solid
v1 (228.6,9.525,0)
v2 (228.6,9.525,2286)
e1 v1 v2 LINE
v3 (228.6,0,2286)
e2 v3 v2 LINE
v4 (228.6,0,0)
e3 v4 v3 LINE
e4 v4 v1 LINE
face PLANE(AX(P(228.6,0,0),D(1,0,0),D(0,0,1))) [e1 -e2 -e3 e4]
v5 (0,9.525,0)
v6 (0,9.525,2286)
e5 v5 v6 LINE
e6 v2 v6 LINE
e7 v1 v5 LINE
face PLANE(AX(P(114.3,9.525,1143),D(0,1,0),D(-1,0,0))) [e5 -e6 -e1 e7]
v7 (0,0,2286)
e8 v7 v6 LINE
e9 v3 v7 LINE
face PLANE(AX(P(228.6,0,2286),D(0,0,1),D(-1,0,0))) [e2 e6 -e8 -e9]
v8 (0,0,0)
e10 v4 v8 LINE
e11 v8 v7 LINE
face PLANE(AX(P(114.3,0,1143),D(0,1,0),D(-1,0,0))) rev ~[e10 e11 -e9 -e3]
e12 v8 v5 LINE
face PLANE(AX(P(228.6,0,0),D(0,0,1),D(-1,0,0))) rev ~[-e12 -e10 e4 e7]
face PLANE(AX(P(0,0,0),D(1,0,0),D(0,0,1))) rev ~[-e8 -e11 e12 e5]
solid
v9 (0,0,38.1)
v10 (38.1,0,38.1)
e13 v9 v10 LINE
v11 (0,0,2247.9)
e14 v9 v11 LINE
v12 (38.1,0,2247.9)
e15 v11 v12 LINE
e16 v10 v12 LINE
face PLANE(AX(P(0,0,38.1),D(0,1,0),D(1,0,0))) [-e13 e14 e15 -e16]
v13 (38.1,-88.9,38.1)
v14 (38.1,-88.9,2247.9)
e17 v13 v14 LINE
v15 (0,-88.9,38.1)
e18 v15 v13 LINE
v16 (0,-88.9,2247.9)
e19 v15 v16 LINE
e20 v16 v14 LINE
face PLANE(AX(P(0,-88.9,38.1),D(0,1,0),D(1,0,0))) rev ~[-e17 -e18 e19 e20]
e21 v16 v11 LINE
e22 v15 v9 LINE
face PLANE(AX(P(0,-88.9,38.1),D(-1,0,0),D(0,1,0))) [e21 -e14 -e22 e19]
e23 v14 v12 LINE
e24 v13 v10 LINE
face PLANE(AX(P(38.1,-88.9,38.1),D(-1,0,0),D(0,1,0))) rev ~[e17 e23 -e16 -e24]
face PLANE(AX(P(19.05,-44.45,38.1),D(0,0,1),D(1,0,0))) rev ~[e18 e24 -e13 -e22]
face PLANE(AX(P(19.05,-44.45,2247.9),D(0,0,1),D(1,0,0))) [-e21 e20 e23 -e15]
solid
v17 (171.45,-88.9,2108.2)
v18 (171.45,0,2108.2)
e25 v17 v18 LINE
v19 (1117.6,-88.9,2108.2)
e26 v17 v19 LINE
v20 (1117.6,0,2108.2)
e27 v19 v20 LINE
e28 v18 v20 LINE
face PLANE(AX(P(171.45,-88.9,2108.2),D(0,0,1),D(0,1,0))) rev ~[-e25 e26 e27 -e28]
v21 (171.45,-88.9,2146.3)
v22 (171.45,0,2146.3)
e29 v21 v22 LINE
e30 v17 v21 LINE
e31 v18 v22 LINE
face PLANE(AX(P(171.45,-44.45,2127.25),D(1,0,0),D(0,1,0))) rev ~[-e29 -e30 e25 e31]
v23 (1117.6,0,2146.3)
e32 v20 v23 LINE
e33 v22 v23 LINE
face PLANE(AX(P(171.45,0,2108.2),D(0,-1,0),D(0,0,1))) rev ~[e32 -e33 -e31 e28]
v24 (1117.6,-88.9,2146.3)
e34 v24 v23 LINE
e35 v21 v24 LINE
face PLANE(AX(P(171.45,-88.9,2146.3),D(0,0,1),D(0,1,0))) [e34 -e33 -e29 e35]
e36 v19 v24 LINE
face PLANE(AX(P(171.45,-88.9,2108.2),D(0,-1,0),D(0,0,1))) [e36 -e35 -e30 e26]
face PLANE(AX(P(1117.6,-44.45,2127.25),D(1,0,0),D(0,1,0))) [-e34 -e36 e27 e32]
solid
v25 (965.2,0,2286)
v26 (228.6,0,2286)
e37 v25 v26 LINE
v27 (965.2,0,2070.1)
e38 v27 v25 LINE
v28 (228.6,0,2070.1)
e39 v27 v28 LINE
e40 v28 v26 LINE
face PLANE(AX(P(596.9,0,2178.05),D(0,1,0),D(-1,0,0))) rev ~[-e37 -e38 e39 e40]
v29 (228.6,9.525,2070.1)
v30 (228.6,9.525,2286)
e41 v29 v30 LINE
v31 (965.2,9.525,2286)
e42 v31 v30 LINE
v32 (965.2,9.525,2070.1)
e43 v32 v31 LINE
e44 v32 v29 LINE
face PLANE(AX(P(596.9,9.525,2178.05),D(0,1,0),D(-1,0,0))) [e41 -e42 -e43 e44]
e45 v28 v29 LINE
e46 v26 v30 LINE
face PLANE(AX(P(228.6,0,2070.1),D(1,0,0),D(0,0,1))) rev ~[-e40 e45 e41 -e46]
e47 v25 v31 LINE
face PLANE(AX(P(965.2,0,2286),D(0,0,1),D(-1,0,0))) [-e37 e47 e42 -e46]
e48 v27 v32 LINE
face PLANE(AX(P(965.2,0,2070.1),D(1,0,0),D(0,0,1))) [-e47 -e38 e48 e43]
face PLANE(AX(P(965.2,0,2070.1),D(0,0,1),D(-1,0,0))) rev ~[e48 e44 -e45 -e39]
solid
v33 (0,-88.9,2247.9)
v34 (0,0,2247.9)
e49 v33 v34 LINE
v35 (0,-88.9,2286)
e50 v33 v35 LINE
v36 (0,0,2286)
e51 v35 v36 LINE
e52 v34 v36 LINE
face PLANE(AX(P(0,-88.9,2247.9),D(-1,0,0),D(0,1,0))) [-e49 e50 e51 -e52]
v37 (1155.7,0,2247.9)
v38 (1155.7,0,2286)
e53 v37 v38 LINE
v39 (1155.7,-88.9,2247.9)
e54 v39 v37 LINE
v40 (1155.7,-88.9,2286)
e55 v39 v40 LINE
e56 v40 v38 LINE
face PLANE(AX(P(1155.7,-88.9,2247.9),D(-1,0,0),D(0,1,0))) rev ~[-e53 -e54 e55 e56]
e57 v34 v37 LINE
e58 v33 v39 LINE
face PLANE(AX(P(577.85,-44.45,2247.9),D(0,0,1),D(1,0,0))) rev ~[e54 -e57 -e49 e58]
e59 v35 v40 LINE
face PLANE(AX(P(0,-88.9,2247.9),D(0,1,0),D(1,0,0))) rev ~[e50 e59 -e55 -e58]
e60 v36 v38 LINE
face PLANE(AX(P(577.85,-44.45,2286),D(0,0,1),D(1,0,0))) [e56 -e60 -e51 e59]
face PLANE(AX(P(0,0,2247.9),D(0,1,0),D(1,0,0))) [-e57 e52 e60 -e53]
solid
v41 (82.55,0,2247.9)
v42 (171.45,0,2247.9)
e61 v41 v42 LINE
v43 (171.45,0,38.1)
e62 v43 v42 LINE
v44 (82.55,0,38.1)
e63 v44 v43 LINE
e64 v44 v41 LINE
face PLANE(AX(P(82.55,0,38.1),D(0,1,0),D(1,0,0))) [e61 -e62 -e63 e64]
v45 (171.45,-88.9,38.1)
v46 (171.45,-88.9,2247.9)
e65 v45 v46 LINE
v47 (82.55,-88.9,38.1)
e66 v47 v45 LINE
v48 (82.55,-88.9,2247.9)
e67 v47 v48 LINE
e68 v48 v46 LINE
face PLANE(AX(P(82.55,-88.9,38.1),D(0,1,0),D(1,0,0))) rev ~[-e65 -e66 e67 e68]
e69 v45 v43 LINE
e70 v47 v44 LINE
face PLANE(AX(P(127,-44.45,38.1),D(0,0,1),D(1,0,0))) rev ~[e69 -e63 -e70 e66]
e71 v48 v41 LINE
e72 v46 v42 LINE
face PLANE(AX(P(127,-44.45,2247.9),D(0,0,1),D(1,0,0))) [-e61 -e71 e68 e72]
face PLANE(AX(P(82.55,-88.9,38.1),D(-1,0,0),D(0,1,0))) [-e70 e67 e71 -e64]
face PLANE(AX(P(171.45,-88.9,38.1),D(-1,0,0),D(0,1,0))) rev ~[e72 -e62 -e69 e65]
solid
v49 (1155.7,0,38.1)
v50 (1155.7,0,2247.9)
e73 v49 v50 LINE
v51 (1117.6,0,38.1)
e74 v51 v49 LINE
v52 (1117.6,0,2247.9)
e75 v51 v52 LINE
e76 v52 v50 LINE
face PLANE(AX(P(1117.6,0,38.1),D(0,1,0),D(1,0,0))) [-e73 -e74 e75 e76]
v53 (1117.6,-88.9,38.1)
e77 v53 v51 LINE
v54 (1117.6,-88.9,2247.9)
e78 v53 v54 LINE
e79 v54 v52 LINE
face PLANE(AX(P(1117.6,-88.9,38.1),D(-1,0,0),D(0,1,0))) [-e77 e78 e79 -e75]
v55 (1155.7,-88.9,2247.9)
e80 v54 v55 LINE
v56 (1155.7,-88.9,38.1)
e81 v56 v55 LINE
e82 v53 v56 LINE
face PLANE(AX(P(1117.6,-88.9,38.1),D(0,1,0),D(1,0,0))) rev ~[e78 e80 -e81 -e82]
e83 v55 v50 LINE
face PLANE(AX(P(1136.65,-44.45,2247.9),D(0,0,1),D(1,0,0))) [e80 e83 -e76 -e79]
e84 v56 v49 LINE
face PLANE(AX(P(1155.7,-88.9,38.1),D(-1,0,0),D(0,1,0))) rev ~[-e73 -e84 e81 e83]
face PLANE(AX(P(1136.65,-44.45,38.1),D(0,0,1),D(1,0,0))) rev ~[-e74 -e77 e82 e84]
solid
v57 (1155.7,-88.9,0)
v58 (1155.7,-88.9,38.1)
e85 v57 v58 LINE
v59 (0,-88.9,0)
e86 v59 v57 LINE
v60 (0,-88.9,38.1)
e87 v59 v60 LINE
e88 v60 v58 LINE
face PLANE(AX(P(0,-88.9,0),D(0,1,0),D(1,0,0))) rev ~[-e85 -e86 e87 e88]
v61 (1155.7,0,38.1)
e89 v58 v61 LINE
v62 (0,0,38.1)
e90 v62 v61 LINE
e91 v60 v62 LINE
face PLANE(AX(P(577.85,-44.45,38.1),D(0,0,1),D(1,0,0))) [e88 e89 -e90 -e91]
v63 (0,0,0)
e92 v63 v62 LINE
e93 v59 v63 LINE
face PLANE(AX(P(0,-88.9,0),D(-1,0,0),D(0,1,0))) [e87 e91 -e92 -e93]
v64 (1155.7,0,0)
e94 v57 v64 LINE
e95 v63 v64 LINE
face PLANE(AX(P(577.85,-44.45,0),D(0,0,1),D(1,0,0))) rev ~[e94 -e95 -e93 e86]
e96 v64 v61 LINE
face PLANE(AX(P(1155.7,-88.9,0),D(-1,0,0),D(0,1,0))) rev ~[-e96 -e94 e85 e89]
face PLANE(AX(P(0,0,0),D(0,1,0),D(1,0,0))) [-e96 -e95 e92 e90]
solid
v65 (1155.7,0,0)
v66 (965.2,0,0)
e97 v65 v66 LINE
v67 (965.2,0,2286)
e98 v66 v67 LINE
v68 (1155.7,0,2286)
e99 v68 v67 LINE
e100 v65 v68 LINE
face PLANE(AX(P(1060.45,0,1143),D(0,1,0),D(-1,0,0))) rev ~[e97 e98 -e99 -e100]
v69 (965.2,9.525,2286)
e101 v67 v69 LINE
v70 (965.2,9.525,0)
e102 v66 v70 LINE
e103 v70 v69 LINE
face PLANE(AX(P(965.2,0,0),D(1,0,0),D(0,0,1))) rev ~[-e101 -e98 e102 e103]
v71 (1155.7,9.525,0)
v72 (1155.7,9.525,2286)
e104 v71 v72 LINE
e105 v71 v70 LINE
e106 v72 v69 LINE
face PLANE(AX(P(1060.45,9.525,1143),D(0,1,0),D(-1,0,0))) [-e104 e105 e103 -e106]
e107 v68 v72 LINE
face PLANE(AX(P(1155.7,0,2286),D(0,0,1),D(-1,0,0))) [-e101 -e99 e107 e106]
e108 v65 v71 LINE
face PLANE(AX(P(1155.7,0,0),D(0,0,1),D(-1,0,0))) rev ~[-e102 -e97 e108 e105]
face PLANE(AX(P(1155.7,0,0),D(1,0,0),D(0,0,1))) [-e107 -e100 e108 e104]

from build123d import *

# Parameters (mm, degrees)
F0_W      = 1155.7
F0_H      = 88.9
F1_DEPTH  = 38.1
F2_W      = 38.1
F2_H      = 88.9
F3_DEPTH  = 2209.8
F2_W_2    = 88.9
F4_W      = 1155.7
F4_H      = 88.9
F5_DEPTH  = 38.1
F6_W      = 190.5
F6_H      = 2286
F7_DEPTH  = 9.525
F6_W_2    = 228.6
F8_W      = 736.6
F8_H      = 215.9
F9_DEPTH  = 9.525
F10_W     = 88.9
F10_H     = 38.1
F11_DEPTH = 946.15


with BuildPart() as f1:
    # F0 (on Top) → F1 (new body)
    with BuildSketch(Plane.XY):
        with Locations((577.85, -44.45)):
            Rectangle(F0_W, F0_H)
    extrude(amount=F1_DEPTH)


with BuildPart() as f3:
    # F2 (on face) → F3 (new body)
    with BuildSketch(Plane.XY.offset(38.1)):
        with Locations((19.05, -44.45)):
            Rectangle(F2_W, F2_H)
    extrude(amount=F3_DEPTH)


with BuildPart() as f3b:
    # F2 (on face) → F3, piece 2 (new body)
    with BuildSketch(Plane.XY.offset(38.1)):
        with Locations((1136.65, -44.45)):
            Rectangle(F2_W, F2_H)
    extrude(amount=F3_DEPTH)


with BuildPart() as f3c:
    # F2 (on face) → F3, piece 3 (new body)
    with BuildSketch(Plane.XY.offset(38.1)):
        with Locations((127, -44.45)):
            Rectangle(F2_W_2, F2_H)
    extrude(amount=F3_DEPTH)


with BuildPart() as f5:
    # F4 (on face) → F5 (new body)
    with BuildSketch(Plane.XY.offset(2247.9)):
        with Locations((577.85, -44.45)):
            Rectangle(F4_W, F4_H)
    extrude(amount=F5_DEPTH)


with BuildPart() as f7:
    # F6 (on face) → F7 (new body)
    with BuildSketch(Plane(origin=(0, 0, 0), x_dir=(-1, 0, 0), z_dir=(0, 1, 0))):
        with Locations((-1060.45, 1143)):
            Rectangle(F6_W, F6_H)
    extrude(amount=F7_DEPTH)


with BuildPart() as f7b:
    # F6 (on face) → F7, piece 2 (new body)
    with BuildSketch(Plane(origin=(0, 0, 0), x_dir=(-1, 0, 0), z_dir=(0, 1, 0))):
        with Locations((-114.3, 1143)):
            Rectangle(F6_W_2, F6_H)
    extrude(amount=F7_DEPTH)


with BuildPart() as f9:
    # F8 (on face) → F9 (new body)
    with BuildSketch(Plane(origin=(0, 0, 0), x_dir=(-1, 0, 0), z_dir=(0, 1, 0))):
        with Locations((-596.9, 2178.05)):
            Rectangle(F8_W, F8_H)
    extrude(amount=F9_DEPTH)


with BuildPart() as f11:
    # F10 (on face) → F11 (new body)
    with BuildSketch(Plane.YZ.offset(171.45)):
        with Locations((-44.45, 2127.25)):
            Rectangle(F10_W, F10_H)
    extrude(amount=F11_DEPTH)


solid = Compound([f1.part, f3.part, f3b.part, f3c.part, f5.part, f7.part, f7b.part, f9.part, f11.part])
